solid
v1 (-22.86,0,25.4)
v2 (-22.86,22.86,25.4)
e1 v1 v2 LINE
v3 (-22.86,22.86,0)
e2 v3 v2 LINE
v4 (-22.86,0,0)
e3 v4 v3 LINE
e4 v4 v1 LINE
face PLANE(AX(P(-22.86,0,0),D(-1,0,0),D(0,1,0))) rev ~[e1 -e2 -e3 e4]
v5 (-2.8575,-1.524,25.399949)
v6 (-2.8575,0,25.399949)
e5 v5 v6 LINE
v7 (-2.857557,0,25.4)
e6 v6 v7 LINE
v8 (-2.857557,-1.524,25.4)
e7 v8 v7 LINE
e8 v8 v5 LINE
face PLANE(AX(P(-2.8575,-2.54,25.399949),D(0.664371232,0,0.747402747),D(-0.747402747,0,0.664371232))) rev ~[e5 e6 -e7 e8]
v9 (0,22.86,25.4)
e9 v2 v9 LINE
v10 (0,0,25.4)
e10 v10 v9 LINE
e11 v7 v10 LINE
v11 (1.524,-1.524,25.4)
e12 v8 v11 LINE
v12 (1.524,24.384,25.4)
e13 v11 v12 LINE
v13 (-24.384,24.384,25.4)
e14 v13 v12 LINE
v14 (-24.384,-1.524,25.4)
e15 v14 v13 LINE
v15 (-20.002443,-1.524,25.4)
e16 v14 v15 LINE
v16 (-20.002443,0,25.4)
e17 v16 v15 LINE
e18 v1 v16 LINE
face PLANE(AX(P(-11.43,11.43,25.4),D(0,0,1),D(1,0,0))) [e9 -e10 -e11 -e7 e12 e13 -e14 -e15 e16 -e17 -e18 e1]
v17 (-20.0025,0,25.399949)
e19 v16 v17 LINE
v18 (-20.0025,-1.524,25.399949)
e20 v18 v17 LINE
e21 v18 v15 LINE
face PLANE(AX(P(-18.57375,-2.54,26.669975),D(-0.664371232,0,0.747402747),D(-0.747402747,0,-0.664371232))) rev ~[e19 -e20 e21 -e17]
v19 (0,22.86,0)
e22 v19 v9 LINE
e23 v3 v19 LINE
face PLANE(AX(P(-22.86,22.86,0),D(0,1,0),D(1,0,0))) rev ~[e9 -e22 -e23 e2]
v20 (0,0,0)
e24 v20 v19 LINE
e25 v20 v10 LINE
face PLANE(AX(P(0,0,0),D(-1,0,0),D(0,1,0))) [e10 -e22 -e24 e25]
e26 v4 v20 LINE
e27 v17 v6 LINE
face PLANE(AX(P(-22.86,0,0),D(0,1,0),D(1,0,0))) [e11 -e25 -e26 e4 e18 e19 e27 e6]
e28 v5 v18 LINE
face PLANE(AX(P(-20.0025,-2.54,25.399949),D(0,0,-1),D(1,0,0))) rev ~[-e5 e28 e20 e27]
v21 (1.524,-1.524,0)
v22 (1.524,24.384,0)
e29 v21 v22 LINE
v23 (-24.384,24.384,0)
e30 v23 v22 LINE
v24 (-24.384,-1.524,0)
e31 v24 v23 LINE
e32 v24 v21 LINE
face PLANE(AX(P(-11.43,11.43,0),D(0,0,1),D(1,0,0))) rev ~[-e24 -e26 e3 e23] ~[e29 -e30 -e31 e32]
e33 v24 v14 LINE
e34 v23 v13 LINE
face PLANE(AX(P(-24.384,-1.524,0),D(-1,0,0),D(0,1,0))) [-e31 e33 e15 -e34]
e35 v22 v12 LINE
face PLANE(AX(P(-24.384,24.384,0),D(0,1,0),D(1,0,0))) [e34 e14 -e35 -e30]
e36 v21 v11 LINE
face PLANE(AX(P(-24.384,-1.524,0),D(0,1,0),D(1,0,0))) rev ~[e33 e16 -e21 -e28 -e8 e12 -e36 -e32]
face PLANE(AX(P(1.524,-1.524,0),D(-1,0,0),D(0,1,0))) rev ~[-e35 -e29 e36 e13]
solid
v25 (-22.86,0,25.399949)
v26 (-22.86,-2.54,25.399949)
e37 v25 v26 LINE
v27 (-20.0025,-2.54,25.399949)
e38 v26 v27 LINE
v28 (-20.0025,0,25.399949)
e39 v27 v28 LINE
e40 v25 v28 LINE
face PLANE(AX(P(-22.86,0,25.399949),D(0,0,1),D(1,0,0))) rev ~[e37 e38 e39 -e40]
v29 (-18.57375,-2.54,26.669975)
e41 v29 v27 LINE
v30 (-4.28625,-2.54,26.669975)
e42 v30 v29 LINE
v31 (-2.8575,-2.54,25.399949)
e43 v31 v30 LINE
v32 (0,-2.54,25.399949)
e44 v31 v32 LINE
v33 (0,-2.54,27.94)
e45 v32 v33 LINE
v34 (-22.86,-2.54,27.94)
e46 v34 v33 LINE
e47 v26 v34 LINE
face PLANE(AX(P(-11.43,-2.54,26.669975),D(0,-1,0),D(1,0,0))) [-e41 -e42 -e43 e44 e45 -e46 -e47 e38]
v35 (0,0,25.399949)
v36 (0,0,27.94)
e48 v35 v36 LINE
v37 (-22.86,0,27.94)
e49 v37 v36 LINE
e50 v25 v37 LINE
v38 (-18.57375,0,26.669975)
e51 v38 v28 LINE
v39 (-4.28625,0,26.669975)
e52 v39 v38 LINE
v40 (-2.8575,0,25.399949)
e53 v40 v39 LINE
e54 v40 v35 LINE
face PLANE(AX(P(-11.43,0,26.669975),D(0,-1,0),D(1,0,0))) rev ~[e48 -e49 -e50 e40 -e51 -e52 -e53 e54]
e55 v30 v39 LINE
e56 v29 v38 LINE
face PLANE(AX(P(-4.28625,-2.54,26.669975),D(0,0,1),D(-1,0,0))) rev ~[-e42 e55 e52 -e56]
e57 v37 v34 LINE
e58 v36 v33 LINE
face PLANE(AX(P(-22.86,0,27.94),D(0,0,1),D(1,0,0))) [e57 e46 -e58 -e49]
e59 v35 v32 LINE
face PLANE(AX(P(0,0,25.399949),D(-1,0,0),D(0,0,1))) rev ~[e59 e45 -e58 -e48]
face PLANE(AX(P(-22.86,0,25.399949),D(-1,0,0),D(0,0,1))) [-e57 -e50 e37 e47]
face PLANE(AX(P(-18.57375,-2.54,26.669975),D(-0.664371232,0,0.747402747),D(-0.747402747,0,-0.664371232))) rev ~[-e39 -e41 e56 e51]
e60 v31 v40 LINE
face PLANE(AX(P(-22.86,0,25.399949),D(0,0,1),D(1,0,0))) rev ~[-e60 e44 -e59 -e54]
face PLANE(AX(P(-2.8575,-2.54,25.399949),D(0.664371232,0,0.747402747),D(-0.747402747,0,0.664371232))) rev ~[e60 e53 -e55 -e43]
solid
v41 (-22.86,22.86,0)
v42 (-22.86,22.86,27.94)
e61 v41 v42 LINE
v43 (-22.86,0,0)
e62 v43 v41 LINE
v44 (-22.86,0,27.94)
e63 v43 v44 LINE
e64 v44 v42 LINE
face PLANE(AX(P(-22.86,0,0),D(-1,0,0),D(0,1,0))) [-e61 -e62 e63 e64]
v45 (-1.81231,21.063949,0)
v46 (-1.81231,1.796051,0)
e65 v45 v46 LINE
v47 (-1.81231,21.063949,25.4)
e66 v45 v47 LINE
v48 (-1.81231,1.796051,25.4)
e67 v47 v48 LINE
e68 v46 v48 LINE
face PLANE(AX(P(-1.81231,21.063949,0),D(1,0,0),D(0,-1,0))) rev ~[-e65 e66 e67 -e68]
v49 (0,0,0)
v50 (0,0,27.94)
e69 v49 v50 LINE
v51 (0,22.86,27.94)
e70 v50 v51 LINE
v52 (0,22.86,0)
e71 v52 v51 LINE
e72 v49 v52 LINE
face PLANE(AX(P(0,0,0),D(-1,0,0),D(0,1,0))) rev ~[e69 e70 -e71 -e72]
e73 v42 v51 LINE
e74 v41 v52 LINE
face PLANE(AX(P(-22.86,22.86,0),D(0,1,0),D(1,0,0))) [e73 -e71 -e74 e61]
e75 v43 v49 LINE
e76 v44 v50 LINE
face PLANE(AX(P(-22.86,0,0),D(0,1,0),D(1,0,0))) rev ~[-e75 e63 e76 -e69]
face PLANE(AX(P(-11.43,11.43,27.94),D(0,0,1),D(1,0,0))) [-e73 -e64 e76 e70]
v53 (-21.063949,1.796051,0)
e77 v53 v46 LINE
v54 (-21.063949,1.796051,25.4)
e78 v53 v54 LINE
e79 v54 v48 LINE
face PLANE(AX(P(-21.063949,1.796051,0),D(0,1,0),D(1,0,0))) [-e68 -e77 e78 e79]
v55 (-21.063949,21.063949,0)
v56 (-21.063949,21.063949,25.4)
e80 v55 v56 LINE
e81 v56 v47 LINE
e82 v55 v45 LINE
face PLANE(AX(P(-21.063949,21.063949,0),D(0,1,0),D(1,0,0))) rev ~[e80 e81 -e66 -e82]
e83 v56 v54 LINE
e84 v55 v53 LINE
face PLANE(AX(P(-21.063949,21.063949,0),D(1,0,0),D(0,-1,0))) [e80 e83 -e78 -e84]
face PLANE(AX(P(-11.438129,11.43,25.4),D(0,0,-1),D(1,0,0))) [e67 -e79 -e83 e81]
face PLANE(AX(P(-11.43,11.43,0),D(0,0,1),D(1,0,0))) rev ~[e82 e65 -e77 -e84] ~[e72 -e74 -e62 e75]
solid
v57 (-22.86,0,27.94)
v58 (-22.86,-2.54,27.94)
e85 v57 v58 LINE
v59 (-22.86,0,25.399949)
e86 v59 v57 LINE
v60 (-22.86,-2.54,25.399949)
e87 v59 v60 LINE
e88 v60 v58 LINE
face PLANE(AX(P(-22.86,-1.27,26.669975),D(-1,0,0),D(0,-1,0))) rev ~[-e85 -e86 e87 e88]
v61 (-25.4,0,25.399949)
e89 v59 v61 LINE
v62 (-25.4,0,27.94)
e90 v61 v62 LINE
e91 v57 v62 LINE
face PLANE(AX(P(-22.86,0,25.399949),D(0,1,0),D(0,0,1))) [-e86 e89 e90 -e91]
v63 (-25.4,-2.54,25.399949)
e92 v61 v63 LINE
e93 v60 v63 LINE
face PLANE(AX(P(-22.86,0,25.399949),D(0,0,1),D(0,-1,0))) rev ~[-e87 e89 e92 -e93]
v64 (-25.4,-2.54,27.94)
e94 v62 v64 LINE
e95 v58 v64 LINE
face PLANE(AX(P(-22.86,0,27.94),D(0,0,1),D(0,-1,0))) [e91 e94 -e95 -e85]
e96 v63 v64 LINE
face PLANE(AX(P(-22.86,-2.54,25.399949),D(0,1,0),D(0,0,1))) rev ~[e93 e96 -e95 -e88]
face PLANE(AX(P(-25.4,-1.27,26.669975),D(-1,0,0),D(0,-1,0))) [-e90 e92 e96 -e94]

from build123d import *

# Parameters (mm, degrees)
F0_W      = 25.908
F0_H      = 25.908
F0_W_2    = 22.86
F0_H_2    = 22.86
F1_DEPTH  = 25.4
F2_DEPTH  = 27.94
F3_W      = 22.86
F3_H      = 2.5400505984
F4_DEPTH  = 2.54
F5_W      = 2.54
F5_H      = 2.5400505984
F6_DEPTH  = 2.54
F8_DEPTH  = 2.54
F9_W      = 19.251639167
F9_H      = 19.2678975516
F10_DEPTH = 25.4


with BuildPart() as f1:
    # F0 (on Top) → F1 (new body)
    with BuildSketch(Plane.XY):
        with Locations((-11.43, 11.43)):
            Rectangle(F0_W, F0_H)
        with Locations((-11.43, 11.43)):
            Rectangle(F0_W_2, F0_H_2, mode=Mode.SUBTRACT)
    extrude(amount=F1_DEPTH)


with BuildPart() as f2:
    # F0 (on Top) → F2 (new body)
    with BuildSketch(Plane.XY):
        with Locations((-11.43, 11.43)):
            Rectangle(F0_W_2, F0_H_2)
    extrude(amount=F2_DEPTH)

    # F9 (on face) → F10 (cut)
    with BuildSketch(Plane(origin=(0, 0, 0), x_dir=(1, 0, 0), z_dir=(0, 0, -1))):
        with Locations((-11.4381291923, -11.43)):
            Rectangle(F9_W, F9_H)
    extrude(amount=-F10_DEPTH, mode=Mode.SUBTRACT)


with BuildPart() as f4:
    # F3 (on face) → F4 (new body)
    with BuildSketch(Plane.XZ):
        with Locations((-11.43, 26.6699747008)):
            Rectangle(F3_W, F3_H)
    extrude(amount=F4_DEPTH)


with BuildPart() as f6:
    # F5 (on face) → F6 (new body)
    with BuildSketch(Plane(origin=(-22.86, 0, 0), x_dir=(0, -1, 0), z_dir=(-1, 0, 0))):
        with Locations((1.27, 26.6699747008)):
            Rectangle(F5_W, F5_H)
    extrude(amount=F6_DEPTH)


with BuildPart() as f8_tool:
    # F7 (on face) → F8 (new body)
    with BuildSketch(Plane.XZ.offset(2.54)):
        Polygon((-4.28625, 26.6699747008), (-18.57375, 26.6699747008), (-20.0025, 25.3999494016), (-2.8575, 25.3999494016), align=None)
    extrude(amount=-F8_DEPTH)


with BuildPart() as f1_1:
    add(f1.part)

    # F8: cut by f8_tool
    add(f8_tool.part, mode=Mode.SUBTRACT)


with BuildPart() as f4_1:
    add(f4.part)

    # F8: cut by f8_tool
    add(f8_tool.part, mode=Mode.SUBTRACT)


solid = Compound([f2.part, f6.part, f1_1.part, f4_1.part])
